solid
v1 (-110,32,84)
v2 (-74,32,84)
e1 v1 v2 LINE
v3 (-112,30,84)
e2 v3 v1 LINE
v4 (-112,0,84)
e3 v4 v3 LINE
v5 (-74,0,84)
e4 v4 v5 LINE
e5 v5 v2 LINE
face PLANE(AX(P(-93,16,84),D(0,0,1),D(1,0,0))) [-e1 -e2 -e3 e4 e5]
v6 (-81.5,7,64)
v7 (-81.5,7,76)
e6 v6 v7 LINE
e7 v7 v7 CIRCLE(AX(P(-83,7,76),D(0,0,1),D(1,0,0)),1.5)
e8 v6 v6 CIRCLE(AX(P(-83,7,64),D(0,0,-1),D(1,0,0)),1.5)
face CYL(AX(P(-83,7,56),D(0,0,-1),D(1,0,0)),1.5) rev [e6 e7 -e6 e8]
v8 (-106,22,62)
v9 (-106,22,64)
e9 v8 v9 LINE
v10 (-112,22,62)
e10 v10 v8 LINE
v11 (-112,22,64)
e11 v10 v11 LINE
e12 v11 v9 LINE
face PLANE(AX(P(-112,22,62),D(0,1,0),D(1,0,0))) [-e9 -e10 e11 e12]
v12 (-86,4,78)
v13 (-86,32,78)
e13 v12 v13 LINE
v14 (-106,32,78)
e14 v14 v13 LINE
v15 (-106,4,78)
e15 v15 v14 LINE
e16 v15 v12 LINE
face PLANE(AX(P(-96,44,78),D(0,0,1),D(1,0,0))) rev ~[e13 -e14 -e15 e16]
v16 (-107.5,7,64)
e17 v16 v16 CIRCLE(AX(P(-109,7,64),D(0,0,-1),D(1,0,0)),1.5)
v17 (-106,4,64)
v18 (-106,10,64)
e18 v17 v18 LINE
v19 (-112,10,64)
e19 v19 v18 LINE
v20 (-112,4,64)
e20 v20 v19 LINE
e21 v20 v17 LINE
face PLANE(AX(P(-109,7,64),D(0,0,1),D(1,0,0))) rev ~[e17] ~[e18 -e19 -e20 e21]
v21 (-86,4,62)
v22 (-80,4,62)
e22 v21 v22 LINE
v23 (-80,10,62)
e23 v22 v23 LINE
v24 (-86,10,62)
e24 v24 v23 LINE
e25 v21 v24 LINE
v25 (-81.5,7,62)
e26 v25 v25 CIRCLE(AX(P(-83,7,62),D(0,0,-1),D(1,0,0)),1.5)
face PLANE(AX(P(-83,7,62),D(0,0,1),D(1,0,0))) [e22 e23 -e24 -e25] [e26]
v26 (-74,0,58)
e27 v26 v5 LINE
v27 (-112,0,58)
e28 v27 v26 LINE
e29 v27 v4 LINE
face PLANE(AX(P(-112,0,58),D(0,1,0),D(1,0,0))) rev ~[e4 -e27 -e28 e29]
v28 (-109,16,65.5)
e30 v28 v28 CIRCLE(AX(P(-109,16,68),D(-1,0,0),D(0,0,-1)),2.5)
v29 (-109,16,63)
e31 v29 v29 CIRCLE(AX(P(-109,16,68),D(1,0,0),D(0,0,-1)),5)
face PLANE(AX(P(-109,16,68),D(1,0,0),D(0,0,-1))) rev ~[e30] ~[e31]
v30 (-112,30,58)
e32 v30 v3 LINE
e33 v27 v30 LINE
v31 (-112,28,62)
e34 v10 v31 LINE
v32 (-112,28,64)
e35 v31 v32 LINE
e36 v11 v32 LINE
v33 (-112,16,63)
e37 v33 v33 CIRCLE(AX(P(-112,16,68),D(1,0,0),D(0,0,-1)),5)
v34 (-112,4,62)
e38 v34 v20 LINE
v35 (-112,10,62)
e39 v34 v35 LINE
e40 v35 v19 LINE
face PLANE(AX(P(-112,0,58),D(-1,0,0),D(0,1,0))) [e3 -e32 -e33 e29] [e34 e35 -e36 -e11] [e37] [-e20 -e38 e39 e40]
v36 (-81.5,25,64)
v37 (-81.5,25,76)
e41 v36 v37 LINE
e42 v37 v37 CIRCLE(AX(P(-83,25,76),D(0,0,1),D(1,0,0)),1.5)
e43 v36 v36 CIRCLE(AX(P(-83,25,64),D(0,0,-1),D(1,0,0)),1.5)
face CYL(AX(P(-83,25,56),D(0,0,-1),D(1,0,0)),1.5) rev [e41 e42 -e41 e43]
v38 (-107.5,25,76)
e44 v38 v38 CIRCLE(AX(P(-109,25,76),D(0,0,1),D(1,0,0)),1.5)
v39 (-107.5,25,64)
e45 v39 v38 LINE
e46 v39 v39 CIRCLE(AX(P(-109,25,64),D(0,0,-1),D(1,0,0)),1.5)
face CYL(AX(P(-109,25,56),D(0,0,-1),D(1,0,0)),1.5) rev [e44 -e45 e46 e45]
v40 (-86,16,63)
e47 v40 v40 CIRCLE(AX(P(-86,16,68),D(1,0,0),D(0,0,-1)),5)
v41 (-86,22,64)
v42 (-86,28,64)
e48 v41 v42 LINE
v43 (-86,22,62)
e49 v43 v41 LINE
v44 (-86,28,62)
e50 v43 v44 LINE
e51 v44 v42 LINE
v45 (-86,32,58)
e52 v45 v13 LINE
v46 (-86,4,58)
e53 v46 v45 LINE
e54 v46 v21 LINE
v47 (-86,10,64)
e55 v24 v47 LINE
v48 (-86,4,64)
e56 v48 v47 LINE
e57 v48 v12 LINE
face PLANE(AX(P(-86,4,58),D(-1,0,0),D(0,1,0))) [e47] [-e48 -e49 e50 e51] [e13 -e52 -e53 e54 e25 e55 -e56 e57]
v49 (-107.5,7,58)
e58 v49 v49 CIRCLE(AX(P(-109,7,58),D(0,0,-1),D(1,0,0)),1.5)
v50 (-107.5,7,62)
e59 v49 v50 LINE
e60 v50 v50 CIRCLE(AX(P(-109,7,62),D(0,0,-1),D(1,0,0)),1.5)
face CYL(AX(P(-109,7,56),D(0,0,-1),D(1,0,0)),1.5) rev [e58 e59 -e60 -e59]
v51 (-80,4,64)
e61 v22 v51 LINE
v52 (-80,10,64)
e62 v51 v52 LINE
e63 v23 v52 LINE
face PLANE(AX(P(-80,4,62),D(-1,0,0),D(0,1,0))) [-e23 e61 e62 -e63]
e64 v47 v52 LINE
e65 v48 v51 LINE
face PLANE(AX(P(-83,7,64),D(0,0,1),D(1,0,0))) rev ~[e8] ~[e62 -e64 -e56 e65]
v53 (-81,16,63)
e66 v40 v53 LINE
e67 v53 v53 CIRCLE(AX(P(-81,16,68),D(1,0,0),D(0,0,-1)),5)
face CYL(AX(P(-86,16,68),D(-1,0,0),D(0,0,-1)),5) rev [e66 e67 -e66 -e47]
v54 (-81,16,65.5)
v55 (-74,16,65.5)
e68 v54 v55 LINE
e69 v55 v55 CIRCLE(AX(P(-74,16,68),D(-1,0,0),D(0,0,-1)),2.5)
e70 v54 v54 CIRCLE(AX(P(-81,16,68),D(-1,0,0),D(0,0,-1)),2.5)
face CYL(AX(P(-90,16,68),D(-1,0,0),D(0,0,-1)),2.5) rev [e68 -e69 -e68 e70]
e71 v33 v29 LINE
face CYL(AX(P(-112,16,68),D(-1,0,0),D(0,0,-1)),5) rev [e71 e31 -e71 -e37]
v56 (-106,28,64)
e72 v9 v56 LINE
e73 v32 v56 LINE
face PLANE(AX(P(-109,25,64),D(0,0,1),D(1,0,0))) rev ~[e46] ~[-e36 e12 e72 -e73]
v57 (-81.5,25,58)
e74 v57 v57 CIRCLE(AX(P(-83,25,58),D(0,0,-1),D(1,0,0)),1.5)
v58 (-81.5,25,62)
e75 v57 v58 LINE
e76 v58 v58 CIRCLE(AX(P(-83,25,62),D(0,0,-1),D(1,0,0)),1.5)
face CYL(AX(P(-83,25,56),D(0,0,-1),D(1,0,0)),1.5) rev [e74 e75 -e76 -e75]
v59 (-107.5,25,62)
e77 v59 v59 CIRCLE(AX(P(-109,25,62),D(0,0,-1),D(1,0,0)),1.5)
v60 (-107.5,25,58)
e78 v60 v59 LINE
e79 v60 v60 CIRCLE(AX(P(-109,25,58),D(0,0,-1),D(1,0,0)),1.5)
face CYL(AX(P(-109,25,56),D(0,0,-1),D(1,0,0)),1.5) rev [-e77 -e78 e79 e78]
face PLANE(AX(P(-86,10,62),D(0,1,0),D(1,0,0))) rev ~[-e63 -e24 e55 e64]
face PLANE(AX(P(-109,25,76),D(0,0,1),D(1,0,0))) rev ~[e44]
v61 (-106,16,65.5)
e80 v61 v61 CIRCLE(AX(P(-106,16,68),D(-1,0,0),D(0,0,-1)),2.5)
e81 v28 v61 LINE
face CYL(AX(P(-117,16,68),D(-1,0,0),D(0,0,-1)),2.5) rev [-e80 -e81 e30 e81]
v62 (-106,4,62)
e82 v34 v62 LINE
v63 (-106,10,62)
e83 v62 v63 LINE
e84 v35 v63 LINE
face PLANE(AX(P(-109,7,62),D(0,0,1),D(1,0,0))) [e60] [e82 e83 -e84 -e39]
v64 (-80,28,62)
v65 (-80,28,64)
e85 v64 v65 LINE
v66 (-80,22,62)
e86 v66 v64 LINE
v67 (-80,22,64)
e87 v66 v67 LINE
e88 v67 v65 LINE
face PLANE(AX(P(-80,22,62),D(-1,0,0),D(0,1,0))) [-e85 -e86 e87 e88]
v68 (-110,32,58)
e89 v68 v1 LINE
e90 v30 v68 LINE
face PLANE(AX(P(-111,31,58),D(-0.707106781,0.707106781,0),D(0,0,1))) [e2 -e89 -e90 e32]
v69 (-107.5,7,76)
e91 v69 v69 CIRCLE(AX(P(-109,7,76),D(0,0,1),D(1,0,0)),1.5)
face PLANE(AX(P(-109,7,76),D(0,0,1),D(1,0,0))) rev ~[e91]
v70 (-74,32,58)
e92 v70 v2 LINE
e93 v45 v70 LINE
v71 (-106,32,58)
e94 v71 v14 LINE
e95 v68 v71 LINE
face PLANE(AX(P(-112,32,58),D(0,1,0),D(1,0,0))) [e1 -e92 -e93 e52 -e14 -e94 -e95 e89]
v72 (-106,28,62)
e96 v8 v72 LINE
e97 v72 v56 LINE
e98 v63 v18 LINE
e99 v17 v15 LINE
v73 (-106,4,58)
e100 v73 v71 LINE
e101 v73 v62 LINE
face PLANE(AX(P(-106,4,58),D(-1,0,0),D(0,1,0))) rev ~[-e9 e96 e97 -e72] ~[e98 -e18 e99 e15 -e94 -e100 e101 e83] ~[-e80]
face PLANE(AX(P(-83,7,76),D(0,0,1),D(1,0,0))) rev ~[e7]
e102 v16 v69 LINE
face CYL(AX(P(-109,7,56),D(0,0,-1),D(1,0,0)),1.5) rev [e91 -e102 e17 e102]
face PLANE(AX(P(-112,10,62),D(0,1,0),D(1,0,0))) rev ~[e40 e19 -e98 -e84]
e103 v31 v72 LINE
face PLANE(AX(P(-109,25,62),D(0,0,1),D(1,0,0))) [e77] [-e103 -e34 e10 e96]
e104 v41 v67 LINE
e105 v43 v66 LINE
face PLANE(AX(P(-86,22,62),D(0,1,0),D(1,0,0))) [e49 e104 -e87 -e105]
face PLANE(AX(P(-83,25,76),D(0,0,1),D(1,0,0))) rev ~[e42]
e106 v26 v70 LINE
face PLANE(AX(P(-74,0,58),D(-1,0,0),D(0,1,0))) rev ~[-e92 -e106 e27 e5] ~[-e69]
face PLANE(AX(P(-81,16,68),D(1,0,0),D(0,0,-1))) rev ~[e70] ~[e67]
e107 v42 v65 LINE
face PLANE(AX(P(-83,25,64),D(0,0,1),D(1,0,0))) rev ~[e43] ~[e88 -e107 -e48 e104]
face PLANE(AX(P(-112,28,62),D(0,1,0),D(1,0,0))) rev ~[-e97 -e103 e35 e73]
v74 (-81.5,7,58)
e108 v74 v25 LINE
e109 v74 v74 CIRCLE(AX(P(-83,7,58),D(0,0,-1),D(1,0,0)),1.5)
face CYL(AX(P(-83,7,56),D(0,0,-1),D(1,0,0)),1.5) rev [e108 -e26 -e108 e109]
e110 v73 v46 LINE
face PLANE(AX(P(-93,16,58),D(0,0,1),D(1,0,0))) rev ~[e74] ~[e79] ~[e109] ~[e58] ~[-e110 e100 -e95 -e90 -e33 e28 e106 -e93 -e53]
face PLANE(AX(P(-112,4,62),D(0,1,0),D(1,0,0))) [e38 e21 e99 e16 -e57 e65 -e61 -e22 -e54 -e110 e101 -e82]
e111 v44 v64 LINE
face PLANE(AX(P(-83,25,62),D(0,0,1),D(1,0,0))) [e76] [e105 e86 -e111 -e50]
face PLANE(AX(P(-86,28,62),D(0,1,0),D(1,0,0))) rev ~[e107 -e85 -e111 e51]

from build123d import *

# Parameters (mm, degrees)
CYLINDER1887_R     = 5
CYLINDER1887_DEPTH = 5
CYLINDER1886_R     = 2.5
CYLINDER1886_DEPTH = 40
CYLINDER1800_R     = 5
CYLINDER1800_DEPTH = 3
CYLINDER1801_R     = 2.5
CYLINDER1801_DEPTH = 20
CYLINDER1798_R     = 1.5
CYLINDER1798_DEPTH = 20
CYLINDER1796_R     = 1.5
CYLINDER1796_DEPTH = 20
CYLINDER1797_R     = 1.5
CYLINDER1797_DEPTH = 20
CYLINDER1799_R     = 1.5
CYLINDER1799_DEPTH = 20
BOX758_W           = 6
BOX758_H           = 6
BOX758_DEPTH       = 2
BOX760_W           = 6
BOX760_H           = 6
BOX760_DEPTH       = 2
BOX759_W           = 6
BOX759_H           = 6
BOX759_DEPTH       = 2
BOX756_W           = 6
BOX756_H           = 6
BOX756_DEPTH       = 2
BOX757_W           = 20
BOX757_H           = 80
BOX757_DEPTH       = 20
BOX761_W           = 38
BOX761_H           = 32
BOX761_DEPTH       = 26
CHAMFER064_SIZE    = 2


with BuildPart() as v_lec1887:
    # Cylinder1887 → Cylinder1887 (new body)
    with BuildSketch(Plane(origin=(-86, 16, 68), x_dir=(0, 0, -1), z_dir=(1, 0, 0))):
        Circle(CYLINDER1887_R)
    extrude(amount=CYLINDER1887_DEPTH)


with BuildPart() as v_lec1886:
    # Cylinder1886 → Cylinder1886 (new body)
    with BuildSketch(Plane(origin=(-90, 16, 68), x_dir=(0, 0, -1), z_dir=(1, 0, 0))):
        Circle(CYLINDER1886_R)
    extrude(amount=CYLINDER1886_DEPTH)


with BuildPart() as v_lec1800:
    # Cylinder1800 → Cylinder1800 (new body)
    with BuildSketch(Plane(origin=(-112, 16, 66), x_dir=(0, 0, -1), z_dir=(1, 0, 0))):
        Circle(CYLINDER1800_R)
    extrude(amount=CYLINDER1800_DEPTH)


with BuildPart() as v_lec1801:
    # Cylinder1801 → Cylinder1801 (new body)
    with BuildSketch(Plane(origin=(-117, 16, 66), x_dir=(0, 0, -1), z_dir=(1, 0, 0))):
        Circle(CYLINDER1801_R)
    extrude(amount=CYLINDER1801_DEPTH)


with BuildPart() as v_lec1798:
    # Cylinder1798 → Cylinder1798 (new body)
    with BuildSketch(Plane(origin=(-83, 25, 54), x_dir=(1, 0, 0), z_dir=(0, 0, 1))):
        Circle(CYLINDER1798_R)
    extrude(amount=CYLINDER1798_DEPTH)


with BuildPart() as v_lec1796:
    # Cylinder1796 → Cylinder1796 (new body)
    with BuildSketch(Plane(origin=(-109, 7, 54), x_dir=(1, 0, 0), z_dir=(0, 0, 1))):
        Circle(CYLINDER1796_R)
    extrude(amount=CYLINDER1796_DEPTH)


with BuildPart() as v_lec1797:
    # Cylinder1797 → Cylinder1797 (new body)
    with BuildSketch(Plane(origin=(-109, 25, 54), x_dir=(1, 0, 0), z_dir=(0, 0, 1))):
        Circle(CYLINDER1797_R)
    extrude(amount=CYLINDER1797_DEPTH)


with BuildPart() as compound920:
    # Cylinder1799 → Cylinder1799 (new body)
    with BuildSketch(Plane(origin=(-83, 7, 54), x_dir=(1, 0, 0), z_dir=(0, 0, 1))):
        Circle(CYLINDER1799_R)
    extrude(amount=CYLINDER1799_DEPTH)

    # Compound920: union Válec1798, Válec1796, Válec1797
    add(v_lec1798.part)
    add(v_lec1796.part)
    add(v_lec1797.part)


with BuildPart() as krychle758:
    # Box758 → Box758 (new body)
    with BuildSketch(Plane(origin=(-112, 22, 60), x_dir=(1, 0, 0), z_dir=(0, 0, 1))):
        with Locations((3, 3)):
            Rectangle(BOX758_W, BOX758_H)
    extrude(amount=BOX758_DEPTH)


with BuildPart() as krychle760:
    # Box760 → Box760 (new body)
    with BuildSketch(Plane(origin=(-86, 4, 60), x_dir=(1, 0, 0), z_dir=(0, 0, 1))):
        with Locations((3, 3)):
            Rectangle(BOX760_W, BOX760_H)
    extrude(amount=BOX760_DEPTH)


with BuildPart() as krychle759:
    # Box759 → Box759 (new body)
    with BuildSketch(Plane(origin=(-86, 22, 60), x_dir=(1, 0, 0), z_dir=(0, 0, 1))):
        with Locations((3, 3)):
            Rectangle(BOX759_W, BOX759_H)
    extrude(amount=BOX759_DEPTH)


with BuildPart() as compound918:
    # Box756 → Box756 (new body)
    with BuildSketch(Plane(origin=(-112, 4, 60), x_dir=(1, 0, 0), z_dir=(0, 0, 1))):
        with Locations((3, 3)):
            Rectangle(BOX756_W, BOX756_H)
    extrude(amount=BOX756_DEPTH)

    # Compound918: union Krychle758, Krychle760, Krychle759
    add(krychle758.part)
    add(krychle760.part)
    add(krychle759.part)


with BuildPart() as krychle757:
    # Box757 → Box757 (new body)
    with BuildSketch(Plane(origin=(-106, 4, 56), x_dir=(1, 0, 0), z_dir=(0, 0, 1))):
        with Locations((10, 40)):
            Rectangle(BOX757_W, BOX757_H)
    extrude(amount=BOX757_DEPTH)


with BuildPart() as cut620:
    # Box761 → Box761 (new body)
    with BuildSketch(Plane(origin=(-112, 0, 56), x_dir=(1, 0, 0), z_dir=(0, 0, 1))):
        with Locations((19, 16)):
            Rectangle(BOX761_W, BOX761_H)
    extrude(amount=BOX761_DEPTH)

    # Cut567: cut Krychle757
    add(krychle757.part, mode=Mode.SUBTRACT)

    # Cut569: cut Compound918
    add(compound918.part, mode=Mode.SUBTRACT)

    # Cut563: cut Compound920
    add(compound920.part, mode=Mode.SUBTRACT)

    # Cut564: cut Válec1801
    add(v_lec1801.part, mode=Mode.SUBTRACT)

    # Cut560: cut Válec1800
    add(v_lec1800.part, mode=Mode.SUBTRACT)

    # Chamfer064
    chamfer064_edges = [cut620.edges().sort_by_distance(p)[0] for p in [
        (-112, 32, 69),
    ]]
    chamfer(chamfer064_edges, length=CHAMFER064_SIZE)


with BuildPart() as cut620_1:
    # Chamfer064 placement: moved
    add(cut620.part.moved(Location((0, 0, 2))))

    # Cut619: cut Válec1886
    add(v_lec1886.part, mode=Mode.SUBTRACT)

    # Cut620: cut Válec1887
    add(v_lec1887.part, mode=Mode.SUBTRACT)


solid = cut620_1.part
